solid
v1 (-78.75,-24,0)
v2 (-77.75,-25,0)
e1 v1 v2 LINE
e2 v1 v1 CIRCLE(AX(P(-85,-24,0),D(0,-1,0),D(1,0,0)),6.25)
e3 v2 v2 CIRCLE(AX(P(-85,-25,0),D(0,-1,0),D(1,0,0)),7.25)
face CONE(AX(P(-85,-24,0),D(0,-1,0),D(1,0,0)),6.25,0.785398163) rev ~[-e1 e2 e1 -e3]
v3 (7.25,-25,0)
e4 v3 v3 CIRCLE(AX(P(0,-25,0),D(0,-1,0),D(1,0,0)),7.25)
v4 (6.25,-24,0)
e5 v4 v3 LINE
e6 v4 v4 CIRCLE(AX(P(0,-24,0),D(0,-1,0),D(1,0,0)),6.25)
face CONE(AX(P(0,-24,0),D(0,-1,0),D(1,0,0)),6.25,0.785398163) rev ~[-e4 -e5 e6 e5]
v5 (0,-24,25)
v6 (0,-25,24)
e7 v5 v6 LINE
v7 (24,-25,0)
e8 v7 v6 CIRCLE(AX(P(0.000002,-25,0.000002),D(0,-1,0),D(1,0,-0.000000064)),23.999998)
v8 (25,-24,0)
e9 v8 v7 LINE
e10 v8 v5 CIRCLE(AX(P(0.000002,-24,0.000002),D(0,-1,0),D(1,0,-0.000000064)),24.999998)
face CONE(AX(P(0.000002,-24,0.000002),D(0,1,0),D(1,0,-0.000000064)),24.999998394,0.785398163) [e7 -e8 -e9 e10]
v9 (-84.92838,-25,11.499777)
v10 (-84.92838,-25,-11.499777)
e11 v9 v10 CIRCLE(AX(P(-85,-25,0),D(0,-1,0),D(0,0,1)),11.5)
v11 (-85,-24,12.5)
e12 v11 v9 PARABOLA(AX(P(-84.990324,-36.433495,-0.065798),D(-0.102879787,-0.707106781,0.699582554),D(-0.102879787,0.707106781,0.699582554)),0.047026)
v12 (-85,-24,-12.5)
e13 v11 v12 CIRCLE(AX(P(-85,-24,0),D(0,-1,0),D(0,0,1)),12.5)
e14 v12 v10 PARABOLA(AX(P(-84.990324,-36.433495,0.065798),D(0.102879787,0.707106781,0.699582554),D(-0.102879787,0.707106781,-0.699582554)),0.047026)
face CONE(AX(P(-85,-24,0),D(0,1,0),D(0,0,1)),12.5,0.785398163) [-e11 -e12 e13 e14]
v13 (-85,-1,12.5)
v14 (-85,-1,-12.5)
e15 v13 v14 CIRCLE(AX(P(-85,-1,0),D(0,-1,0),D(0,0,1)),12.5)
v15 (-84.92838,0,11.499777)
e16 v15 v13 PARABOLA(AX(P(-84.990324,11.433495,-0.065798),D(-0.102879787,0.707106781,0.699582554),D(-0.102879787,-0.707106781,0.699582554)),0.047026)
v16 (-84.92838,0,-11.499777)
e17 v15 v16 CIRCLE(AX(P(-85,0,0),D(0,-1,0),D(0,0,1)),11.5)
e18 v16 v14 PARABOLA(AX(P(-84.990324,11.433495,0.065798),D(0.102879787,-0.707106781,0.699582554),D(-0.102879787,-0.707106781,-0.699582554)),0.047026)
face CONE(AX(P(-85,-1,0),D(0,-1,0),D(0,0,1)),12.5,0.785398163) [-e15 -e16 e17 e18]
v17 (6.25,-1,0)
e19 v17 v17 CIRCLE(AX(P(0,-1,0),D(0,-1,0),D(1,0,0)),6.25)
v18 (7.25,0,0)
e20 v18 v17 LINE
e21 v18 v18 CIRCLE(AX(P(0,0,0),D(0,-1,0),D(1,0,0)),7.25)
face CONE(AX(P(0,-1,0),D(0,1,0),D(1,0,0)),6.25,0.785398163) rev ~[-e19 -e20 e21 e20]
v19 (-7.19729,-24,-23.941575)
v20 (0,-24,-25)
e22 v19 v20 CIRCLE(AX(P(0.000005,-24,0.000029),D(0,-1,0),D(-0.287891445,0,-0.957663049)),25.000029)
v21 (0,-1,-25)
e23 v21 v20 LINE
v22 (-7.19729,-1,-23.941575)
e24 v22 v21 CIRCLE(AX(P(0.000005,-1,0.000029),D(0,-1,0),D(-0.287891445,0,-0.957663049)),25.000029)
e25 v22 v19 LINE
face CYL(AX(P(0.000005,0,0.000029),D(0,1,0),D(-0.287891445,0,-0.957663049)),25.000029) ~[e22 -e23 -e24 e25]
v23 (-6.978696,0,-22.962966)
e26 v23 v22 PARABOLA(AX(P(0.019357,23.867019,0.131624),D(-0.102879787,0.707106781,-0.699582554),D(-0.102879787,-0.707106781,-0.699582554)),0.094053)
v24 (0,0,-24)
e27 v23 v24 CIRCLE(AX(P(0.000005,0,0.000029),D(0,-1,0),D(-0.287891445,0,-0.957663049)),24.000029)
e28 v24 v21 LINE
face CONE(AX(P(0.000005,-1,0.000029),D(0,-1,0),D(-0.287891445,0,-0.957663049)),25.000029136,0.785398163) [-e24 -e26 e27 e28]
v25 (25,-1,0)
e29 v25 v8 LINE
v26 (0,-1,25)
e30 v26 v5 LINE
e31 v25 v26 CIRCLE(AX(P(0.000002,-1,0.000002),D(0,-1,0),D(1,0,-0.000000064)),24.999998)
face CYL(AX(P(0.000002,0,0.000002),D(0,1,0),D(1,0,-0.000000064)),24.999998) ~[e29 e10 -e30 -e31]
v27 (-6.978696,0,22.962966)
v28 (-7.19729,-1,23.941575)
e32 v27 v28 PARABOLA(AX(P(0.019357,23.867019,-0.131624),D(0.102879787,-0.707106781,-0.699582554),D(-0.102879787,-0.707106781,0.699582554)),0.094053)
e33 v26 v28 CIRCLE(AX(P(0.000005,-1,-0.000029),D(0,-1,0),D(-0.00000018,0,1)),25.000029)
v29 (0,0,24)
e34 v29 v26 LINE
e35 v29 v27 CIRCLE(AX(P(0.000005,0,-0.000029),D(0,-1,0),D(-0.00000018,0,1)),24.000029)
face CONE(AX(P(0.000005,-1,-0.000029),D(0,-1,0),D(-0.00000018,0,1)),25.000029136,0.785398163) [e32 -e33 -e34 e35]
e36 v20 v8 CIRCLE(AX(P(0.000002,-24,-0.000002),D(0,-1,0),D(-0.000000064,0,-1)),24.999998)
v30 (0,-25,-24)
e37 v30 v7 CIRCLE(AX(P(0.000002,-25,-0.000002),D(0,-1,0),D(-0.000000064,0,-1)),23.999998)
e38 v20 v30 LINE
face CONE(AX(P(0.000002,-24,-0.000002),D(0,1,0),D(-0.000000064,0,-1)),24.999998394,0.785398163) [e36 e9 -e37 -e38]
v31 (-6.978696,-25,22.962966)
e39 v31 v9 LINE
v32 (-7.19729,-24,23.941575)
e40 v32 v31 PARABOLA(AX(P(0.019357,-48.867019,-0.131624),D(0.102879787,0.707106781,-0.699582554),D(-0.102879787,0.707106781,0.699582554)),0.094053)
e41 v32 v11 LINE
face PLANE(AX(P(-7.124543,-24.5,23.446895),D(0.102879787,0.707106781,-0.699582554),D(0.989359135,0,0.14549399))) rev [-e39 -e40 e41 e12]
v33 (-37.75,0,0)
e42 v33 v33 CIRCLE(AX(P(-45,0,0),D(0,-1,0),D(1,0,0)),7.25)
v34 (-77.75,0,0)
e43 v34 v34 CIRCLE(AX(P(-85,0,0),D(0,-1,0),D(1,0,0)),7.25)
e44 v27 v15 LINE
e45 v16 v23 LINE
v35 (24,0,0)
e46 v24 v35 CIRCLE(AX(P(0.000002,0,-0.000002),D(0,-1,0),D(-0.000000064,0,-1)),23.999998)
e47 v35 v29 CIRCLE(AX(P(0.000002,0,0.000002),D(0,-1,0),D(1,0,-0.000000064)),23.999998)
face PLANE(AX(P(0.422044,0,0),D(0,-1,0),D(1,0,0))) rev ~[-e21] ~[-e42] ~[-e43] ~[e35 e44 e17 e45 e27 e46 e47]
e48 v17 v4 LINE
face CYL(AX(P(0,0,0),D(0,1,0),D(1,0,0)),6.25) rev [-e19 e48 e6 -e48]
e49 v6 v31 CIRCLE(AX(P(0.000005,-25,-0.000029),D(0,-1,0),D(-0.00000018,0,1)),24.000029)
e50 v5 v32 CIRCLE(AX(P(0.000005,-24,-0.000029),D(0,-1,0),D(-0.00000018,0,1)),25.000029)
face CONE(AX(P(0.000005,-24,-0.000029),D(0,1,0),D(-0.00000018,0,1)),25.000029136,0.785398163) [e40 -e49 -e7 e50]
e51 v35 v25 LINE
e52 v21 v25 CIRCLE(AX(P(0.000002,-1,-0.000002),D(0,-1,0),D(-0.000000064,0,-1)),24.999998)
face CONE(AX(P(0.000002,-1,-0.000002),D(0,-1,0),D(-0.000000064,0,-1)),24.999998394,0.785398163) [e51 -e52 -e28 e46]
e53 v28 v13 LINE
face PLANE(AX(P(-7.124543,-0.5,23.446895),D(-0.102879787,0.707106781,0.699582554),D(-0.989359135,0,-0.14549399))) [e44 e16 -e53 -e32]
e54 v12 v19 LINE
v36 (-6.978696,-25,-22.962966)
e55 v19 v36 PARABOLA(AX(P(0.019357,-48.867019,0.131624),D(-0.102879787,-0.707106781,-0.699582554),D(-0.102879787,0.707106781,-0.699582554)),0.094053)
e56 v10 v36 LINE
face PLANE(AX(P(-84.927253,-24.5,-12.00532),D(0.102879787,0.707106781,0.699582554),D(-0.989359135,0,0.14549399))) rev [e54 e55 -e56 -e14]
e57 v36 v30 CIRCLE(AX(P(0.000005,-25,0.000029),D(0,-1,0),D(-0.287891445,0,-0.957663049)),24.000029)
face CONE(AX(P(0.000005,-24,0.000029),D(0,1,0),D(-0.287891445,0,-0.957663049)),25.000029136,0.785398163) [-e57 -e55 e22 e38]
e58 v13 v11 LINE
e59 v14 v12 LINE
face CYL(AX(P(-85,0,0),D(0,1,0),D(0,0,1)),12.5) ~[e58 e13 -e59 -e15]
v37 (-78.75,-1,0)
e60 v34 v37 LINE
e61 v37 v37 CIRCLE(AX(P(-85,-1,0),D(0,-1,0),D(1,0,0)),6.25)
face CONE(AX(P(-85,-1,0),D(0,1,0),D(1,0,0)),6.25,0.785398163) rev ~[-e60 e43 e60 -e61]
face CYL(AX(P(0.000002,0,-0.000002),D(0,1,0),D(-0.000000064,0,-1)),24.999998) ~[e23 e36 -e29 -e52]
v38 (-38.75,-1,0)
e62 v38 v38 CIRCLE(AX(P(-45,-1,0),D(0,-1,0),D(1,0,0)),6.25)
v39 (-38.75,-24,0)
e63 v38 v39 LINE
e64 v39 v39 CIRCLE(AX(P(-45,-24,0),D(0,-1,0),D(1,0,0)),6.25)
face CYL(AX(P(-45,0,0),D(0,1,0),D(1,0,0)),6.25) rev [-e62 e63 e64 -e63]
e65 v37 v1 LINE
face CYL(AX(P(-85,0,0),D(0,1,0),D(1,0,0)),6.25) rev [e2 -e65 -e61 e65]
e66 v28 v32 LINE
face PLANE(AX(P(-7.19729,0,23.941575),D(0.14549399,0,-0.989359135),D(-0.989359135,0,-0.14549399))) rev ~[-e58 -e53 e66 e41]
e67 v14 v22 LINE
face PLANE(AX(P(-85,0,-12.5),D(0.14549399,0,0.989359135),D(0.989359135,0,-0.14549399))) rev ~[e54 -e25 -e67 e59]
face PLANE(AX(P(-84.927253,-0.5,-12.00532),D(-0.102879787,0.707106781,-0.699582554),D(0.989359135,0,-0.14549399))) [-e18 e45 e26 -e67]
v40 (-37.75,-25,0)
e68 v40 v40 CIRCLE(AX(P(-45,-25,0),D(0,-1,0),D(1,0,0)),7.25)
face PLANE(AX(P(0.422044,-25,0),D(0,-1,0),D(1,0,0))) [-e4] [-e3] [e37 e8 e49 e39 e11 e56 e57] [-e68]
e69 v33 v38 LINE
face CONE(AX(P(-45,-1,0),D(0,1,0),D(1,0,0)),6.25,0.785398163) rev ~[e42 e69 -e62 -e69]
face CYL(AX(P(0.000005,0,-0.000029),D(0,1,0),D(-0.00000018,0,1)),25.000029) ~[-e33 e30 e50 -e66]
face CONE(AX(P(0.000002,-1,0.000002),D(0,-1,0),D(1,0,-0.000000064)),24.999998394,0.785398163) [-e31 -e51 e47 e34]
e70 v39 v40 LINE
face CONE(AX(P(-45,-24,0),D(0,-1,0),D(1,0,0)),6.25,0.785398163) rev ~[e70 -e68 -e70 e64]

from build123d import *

# Parameters (mm, degrees)
F0_R     = 6.25
F1_DEPTH = 25
F2_SIZE  = 1
F3_SIZE  = 1


with BuildPart() as f1:
    # F0 (on Front) → F1 (new body)
    with BuildSketch(Plane.XZ):
        with BuildLine():
            ThreePointArc((0, -25), (17.67767, -17.67767), (25, 0))
            ThreePointArc((25, 0), (17.67767, 17.67767), (0, 25))
            Line((0, 25), (-7.19729, 23.941575))
            ThreePointArc((-7.19729, 23.941575), (-25, 0), (-7.19729, -23.941575))
            Line((-7.19729, -23.941575), (0, -25))
        make_face()
        Circle(F0_R, mode=Mode.SUBTRACT)
        with BuildLine():
            Line((-7.19729, 23.941575), (0, 25))
            ThreePointArc((0, 25), (-3.63735, 24.733978), (-7.19729, 23.941575))
        make_face()
        with BuildLine():
            ThreePointArc((-7.19729, -23.941575), (-3.63735, -24.733978), (0, -25))
            Line((0, -25), (-7.19729, -23.941575))
        make_face()
        with BuildLine():
            ThreePointArc((-7.19729, -23.941575), (-25, 0), (-7.19729, 23.941575))
            Line((-7.19729, 23.941575), (-85, 12.5))
            ThreePointArc((-85, 12.5), (-76.161165, 8.838835), (-72.5, 0))
            ThreePointArc((-72.5, 0), (-76.161165, -8.838835), (-85, -12.5))
            Line((-85, -12.5), (-7.19729, -23.941575))
        make_face()
        with Locations((-45, 0)):
            Circle(F0_R, mode=Mode.SUBTRACT)
        with BuildLine():
            ThreePointArc((-72.5, 0), (-76.161165, 8.838835), (-85, 12.5))
            ThreePointArc((-85, 12.5), (-97.5, 0), (-85, -12.5))
            ThreePointArc((-85, -12.5), (-76.161165, -8.838835), (-72.5, 0))
        make_face()
        with Locations((-85, 0)):
            Circle(F0_R, mode=Mode.SUBTRACT)
    extrude(amount=F1_DEPTH)

    # F2
    f2_edges = [f1.edges().sort_by_distance(p)[0] for p in [
        (-3.63735, -25, 24.733978),
        (-46.098645, -25, 18.220787),
        (-97.5, -25, 0),
        (-46.098645, -25, -18.220787),
        (24.733978, -25, -3.63735),
        (-6.25, -25, 0),
        (-51.25, -25, 0),
        (-91.25, -25, 0),
    ]]
    chamfer(f2_edges, length=F2_SIZE)

    # F3
    f3_edges = [f1.edges().sort_by_distance(p)[0] for p in [
        (-3.63735, 0, 24.733978),
        (-46.098645, 0, 18.220787),
        (-97.5, 0, 0),
        (-46.098645, 0, -18.220787),
        (24.733978, 0, -3.63735),
        (-6.25, 0, 0),
        (-51.25, 0, 0),
        (-91.25, 0, 0),
    ]]
    chamfer(f3_edges, length=F3_SIZE)


solid = f1.part
